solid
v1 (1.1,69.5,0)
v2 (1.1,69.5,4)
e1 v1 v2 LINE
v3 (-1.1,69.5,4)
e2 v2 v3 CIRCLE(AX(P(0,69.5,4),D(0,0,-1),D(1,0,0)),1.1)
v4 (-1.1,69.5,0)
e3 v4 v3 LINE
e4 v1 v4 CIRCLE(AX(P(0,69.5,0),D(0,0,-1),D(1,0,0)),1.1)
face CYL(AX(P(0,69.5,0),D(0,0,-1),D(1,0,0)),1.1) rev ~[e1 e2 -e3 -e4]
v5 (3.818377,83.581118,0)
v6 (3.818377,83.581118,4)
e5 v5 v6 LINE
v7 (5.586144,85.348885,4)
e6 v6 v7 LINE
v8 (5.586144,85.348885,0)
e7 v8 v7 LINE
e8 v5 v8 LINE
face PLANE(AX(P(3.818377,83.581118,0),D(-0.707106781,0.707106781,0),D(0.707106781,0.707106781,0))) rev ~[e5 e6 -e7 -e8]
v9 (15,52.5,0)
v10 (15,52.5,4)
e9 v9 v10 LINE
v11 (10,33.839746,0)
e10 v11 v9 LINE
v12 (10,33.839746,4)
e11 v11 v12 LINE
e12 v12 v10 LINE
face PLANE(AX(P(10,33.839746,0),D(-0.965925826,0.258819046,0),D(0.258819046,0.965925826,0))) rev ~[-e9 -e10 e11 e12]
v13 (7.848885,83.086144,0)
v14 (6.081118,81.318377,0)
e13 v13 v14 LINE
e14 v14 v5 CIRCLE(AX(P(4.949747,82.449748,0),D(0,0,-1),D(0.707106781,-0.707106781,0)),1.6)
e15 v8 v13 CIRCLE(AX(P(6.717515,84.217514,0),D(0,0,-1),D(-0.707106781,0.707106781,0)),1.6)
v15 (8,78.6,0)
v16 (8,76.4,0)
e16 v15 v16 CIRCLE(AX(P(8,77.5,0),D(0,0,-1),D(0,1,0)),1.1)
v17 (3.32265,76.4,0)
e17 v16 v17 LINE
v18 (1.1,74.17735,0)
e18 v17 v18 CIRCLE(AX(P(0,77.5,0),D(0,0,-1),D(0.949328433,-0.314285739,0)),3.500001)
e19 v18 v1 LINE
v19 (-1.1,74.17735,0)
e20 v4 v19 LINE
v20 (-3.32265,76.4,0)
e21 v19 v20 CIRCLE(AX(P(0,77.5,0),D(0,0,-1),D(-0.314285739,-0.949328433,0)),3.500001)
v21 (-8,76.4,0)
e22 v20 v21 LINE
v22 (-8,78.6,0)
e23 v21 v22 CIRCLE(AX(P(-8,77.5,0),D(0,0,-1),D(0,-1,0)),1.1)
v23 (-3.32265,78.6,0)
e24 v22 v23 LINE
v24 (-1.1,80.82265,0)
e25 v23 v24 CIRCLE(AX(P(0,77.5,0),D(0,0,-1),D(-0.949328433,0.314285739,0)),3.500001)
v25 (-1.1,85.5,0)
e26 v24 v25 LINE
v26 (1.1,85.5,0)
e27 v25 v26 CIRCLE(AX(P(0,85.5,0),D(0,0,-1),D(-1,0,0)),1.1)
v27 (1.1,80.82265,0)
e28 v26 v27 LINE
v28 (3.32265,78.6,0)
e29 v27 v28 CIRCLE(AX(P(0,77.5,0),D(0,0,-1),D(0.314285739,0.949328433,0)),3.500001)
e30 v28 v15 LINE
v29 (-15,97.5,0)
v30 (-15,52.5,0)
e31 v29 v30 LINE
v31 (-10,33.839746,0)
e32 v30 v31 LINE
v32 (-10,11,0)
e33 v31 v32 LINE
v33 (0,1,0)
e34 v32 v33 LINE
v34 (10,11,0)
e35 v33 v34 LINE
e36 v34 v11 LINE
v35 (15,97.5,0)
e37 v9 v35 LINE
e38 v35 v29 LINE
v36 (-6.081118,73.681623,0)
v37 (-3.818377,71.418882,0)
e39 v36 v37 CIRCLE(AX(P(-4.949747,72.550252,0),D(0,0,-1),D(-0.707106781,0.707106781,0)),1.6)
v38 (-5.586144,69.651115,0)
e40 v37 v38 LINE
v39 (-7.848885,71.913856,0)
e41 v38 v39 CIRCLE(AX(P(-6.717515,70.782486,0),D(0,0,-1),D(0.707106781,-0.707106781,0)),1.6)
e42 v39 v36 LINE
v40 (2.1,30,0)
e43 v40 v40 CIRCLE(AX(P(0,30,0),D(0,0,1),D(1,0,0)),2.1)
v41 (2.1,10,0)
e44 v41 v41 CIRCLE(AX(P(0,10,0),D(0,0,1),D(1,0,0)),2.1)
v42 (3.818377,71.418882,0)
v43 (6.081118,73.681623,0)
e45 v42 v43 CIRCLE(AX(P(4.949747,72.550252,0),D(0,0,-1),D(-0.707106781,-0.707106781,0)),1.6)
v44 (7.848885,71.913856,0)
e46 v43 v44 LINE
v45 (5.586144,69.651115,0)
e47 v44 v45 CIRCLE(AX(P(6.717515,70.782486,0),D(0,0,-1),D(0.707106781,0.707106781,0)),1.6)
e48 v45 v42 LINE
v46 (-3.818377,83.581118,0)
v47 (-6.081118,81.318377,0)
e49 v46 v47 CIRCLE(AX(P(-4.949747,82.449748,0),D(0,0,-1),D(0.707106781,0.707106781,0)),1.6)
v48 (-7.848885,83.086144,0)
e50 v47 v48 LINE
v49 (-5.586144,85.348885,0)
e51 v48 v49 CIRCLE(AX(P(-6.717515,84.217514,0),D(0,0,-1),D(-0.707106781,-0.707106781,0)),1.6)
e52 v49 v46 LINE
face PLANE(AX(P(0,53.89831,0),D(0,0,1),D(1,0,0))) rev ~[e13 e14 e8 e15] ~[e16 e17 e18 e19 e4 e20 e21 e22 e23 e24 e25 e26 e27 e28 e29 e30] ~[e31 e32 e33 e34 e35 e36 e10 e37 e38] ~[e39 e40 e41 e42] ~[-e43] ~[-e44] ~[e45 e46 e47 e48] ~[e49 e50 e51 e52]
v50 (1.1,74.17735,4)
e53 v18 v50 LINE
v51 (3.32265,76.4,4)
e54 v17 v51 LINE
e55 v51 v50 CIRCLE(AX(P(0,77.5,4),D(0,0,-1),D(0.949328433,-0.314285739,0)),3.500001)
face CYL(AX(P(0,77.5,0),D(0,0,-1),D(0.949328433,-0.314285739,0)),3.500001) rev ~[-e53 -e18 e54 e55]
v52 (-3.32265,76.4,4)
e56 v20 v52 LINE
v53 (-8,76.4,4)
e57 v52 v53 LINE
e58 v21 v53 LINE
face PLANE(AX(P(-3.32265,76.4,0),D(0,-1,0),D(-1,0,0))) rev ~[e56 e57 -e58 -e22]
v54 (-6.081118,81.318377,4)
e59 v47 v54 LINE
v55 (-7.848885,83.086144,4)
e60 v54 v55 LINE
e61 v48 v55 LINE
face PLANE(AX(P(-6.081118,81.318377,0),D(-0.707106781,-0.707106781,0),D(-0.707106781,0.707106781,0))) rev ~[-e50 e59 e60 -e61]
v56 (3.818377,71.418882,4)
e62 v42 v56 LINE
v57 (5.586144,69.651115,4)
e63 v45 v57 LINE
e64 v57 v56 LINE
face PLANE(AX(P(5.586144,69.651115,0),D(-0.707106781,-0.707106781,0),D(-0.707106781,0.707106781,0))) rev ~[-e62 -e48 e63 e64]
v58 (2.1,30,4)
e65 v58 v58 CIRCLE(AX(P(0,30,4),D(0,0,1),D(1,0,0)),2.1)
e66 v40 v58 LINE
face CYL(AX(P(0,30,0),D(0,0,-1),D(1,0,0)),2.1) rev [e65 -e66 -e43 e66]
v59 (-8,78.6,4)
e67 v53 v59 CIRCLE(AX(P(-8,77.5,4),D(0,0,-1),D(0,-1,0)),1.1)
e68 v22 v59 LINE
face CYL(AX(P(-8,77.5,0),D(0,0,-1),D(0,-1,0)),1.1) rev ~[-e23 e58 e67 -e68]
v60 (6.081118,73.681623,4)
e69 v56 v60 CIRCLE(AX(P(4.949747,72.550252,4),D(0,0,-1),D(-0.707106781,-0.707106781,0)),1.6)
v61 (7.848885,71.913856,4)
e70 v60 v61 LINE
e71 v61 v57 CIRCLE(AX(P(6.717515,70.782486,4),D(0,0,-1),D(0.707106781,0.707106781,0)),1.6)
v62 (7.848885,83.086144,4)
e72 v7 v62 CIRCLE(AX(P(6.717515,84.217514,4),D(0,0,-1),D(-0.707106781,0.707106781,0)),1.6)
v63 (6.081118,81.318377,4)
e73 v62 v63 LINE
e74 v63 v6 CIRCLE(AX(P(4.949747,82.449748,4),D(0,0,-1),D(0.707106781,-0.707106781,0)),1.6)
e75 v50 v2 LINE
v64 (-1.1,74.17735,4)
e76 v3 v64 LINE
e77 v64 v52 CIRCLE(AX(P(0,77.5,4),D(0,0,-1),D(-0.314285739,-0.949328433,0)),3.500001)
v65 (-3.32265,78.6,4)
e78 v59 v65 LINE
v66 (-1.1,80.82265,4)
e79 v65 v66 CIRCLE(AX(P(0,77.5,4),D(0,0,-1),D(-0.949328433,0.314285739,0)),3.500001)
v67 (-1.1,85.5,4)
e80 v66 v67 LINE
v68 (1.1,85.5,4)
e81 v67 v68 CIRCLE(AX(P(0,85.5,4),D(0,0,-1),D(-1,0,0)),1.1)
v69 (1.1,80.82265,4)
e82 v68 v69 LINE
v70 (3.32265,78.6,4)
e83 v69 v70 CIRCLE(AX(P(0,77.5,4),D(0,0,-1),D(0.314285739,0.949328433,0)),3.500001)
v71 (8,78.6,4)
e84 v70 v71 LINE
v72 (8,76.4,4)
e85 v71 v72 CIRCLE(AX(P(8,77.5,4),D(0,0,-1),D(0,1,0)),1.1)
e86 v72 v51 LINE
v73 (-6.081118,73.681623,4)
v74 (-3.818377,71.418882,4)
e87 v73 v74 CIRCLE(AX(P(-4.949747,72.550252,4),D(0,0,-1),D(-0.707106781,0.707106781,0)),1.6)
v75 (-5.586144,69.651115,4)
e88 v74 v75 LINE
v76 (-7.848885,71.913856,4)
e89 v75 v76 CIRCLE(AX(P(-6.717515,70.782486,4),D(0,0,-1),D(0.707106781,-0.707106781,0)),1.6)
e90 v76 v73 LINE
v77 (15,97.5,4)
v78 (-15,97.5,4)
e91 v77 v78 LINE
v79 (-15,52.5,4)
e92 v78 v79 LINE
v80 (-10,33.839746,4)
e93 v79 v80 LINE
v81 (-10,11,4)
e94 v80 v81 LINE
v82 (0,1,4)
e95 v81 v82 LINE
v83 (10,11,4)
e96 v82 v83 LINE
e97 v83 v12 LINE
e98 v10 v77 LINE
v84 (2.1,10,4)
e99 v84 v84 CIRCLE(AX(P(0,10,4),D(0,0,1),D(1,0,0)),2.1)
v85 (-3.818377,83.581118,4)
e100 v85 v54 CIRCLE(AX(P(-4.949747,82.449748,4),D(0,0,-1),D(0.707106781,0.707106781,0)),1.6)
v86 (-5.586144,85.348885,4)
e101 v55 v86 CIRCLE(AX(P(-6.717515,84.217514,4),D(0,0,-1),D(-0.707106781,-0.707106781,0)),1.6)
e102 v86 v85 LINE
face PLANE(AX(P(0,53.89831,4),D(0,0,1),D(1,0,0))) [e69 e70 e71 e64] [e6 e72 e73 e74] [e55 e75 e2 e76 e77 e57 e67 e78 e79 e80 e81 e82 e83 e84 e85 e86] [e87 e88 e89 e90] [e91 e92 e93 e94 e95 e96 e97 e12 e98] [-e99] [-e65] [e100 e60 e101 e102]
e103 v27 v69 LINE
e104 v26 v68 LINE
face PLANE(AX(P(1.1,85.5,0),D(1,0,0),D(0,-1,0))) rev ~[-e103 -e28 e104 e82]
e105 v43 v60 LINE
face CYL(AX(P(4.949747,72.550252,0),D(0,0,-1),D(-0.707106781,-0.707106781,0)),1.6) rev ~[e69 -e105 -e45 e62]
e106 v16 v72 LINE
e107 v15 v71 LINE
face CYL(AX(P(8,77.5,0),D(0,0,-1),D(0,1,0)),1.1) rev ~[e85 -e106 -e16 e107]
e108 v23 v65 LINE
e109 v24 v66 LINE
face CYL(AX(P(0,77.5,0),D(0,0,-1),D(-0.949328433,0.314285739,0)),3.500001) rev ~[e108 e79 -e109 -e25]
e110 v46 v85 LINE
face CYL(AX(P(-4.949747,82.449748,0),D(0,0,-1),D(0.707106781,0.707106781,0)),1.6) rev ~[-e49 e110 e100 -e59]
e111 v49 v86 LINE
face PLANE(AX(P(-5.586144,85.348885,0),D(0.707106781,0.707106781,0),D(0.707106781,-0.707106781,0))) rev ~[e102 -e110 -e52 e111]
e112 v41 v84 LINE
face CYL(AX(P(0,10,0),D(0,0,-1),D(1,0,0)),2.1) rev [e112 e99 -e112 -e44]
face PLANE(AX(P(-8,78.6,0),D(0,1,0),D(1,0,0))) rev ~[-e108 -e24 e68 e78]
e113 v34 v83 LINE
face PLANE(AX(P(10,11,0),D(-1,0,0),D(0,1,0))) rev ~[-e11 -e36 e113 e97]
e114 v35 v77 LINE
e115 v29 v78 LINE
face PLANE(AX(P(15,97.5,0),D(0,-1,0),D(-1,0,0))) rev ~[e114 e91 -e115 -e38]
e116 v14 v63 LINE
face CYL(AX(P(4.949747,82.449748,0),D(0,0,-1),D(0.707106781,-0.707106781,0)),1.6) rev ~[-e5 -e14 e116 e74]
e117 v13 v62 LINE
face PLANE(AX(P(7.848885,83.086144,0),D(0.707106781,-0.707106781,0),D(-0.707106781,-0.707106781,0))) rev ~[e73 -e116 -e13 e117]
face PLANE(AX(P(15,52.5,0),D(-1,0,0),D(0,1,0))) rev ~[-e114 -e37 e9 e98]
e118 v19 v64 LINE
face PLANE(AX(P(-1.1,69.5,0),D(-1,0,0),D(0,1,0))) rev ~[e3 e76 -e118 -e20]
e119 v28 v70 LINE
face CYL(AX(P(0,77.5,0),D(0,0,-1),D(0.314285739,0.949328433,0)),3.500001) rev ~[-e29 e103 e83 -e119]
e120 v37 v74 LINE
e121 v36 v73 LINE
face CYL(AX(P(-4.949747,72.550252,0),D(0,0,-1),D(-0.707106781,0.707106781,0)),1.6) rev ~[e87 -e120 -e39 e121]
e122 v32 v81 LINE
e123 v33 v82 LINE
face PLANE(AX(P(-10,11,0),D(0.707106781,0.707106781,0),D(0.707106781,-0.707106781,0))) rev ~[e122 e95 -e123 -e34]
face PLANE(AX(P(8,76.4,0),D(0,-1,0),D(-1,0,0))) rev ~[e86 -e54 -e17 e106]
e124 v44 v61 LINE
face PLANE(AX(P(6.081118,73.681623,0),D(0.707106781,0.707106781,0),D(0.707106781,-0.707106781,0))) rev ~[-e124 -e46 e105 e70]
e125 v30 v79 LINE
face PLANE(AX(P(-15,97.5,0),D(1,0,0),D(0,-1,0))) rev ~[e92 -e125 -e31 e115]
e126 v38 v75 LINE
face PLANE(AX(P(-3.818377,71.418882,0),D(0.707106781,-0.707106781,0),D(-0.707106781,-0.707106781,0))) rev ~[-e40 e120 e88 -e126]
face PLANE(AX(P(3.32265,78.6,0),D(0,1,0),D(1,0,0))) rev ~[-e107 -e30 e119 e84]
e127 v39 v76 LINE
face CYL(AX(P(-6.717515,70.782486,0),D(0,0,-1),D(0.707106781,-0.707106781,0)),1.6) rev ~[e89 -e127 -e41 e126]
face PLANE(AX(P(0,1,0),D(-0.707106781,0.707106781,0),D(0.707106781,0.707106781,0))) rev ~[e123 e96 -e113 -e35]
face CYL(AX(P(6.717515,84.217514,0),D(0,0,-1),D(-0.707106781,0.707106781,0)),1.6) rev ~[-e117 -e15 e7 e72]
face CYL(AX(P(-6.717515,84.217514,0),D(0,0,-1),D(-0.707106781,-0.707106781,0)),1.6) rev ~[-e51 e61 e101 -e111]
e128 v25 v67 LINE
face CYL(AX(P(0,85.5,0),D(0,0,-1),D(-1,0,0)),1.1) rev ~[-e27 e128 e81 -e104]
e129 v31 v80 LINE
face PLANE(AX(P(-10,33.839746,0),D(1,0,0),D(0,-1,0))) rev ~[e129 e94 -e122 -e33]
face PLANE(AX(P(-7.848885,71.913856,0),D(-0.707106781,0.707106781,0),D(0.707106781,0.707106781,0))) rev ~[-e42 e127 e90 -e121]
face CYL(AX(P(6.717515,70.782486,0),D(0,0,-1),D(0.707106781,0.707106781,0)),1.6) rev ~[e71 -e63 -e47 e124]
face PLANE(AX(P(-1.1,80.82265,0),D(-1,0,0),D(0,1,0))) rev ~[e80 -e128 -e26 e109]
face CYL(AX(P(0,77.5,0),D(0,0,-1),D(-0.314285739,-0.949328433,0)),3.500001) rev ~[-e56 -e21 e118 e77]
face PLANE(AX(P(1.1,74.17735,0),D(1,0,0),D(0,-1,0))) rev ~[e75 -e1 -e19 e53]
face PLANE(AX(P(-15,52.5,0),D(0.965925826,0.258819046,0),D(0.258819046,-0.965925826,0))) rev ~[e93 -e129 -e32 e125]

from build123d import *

# Parameters (mm, degrees)
F0_R     = 2.1
F1_DEPTH = 4


with BuildPart() as f1:
    # F0 (on Top) → F1 (new body)
    with BuildSketch(Plane.XY):
        Polygon((-15, 52.5), (-10, 33.839746), (-10, 11), (0, 1), (10, 11), (10, 33.839746), (15, 52.5), (15, 97.5), (-15, 97.5), align=None)
        with Locations((0, 10)):
            Circle(F0_R, mode=Mode.SUBTRACT)
        with Locations((0, 30)):
            Circle(F0_R, mode=Mode.SUBTRACT)
        with BuildLine():
            ThreePointArc((-5.586144, 69.651115), (-7.848885, 69.651115), (-7.848885, 71.913856))
            Line((-7.848885, 71.913856), (-6.081118, 73.681623))
            ThreePointArc((-6.081118, 73.681623), (-3.818377, 73.681623), (-3.818377, 71.418882))
            Line((-3.818377, 71.418882), (-5.586144, 69.651115))
        make_face(mode=Mode.SUBTRACT)
        with BuildLine():
            ThreePointArc((-7.848885, 83.086144), (-7.848885, 85.348885), (-5.586144, 85.348885))
            Line((-5.586144, 85.348885), (-3.818377, 83.581118))
            ThreePointArc((-3.818377, 83.581118), (-3.818377, 81.318377), (-6.081118, 81.318377))
            Line((-6.081118, 81.318377), (-7.848885, 83.086144))
        make_face(mode=Mode.SUBTRACT)
        with BuildLine():
            ThreePointArc((7.848885, 71.913856), (7.848885, 69.651115), (5.586144, 69.651115))
            Line((5.586144, 69.651115), (3.818377, 71.418882))
            ThreePointArc((3.818377, 71.418882), (3.818377, 73.681623), (6.081118, 73.681623))
            Line((6.081118, 73.681623), (7.848885, 71.913856))
        make_face(mode=Mode.SUBTRACT)
        with BuildLine():
            ThreePointArc((-3.32265, 78.6), (-2.474874, 79.974874), (-1.1, 80.82265))
            Line((-1.1, 80.82265), (-1.1, 85.5))
            ThreePointArc((-1.1, 85.5), (0, 86.6), (1.1, 85.5))
            Line((1.1, 85.5), (1.1, 80.82265))
            ThreePointArc((1.1, 80.82265), (2.474874, 79.974874), (3.32265, 78.6))
            Line((3.32265, 78.6), (8, 78.6))
            ThreePointArc((8, 78.6), (9.1, 77.5), (8, 76.4))
            Line((8, 76.4), (3.32265, 76.4))
            ThreePointArc((3.32265, 76.4), (2.474874, 75.025126), (1.1, 74.17735))
            Line((1.1, 74.17735), (1.1, 69.5))
            ThreePointArc((1.1, 69.5), (0, 68.4), (-1.1, 69.5))
            Line((-1.1, 69.5), (-1.1, 74.17735))
            ThreePointArc((-1.1, 74.17735), (-2.474874, 75.025126), (-3.32265, 76.4))
            Line((-3.32265, 76.4), (-8, 76.4))
            ThreePointArc((-8, 76.4), (-9.1, 77.5), (-8, 78.6))
            Line((-8, 78.6), (-3.32265, 78.6))
        make_face(mode=Mode.SUBTRACT)
        with BuildLine():
            ThreePointArc((5.586144, 85.348885), (7.848885, 85.348885), (7.848885, 83.086144))
            Line((7.848885, 83.086144), (6.081118, 81.318377))
            ThreePointArc((6.081118, 81.318377), (3.818377, 81.318377), (3.818377, 83.581118))
            Line((3.818377, 83.581118), (5.586144, 85.348885))
        make_face(mode=Mode.SUBTRACT)
    extrude(amount=F1_DEPTH)


solid = f1.part
